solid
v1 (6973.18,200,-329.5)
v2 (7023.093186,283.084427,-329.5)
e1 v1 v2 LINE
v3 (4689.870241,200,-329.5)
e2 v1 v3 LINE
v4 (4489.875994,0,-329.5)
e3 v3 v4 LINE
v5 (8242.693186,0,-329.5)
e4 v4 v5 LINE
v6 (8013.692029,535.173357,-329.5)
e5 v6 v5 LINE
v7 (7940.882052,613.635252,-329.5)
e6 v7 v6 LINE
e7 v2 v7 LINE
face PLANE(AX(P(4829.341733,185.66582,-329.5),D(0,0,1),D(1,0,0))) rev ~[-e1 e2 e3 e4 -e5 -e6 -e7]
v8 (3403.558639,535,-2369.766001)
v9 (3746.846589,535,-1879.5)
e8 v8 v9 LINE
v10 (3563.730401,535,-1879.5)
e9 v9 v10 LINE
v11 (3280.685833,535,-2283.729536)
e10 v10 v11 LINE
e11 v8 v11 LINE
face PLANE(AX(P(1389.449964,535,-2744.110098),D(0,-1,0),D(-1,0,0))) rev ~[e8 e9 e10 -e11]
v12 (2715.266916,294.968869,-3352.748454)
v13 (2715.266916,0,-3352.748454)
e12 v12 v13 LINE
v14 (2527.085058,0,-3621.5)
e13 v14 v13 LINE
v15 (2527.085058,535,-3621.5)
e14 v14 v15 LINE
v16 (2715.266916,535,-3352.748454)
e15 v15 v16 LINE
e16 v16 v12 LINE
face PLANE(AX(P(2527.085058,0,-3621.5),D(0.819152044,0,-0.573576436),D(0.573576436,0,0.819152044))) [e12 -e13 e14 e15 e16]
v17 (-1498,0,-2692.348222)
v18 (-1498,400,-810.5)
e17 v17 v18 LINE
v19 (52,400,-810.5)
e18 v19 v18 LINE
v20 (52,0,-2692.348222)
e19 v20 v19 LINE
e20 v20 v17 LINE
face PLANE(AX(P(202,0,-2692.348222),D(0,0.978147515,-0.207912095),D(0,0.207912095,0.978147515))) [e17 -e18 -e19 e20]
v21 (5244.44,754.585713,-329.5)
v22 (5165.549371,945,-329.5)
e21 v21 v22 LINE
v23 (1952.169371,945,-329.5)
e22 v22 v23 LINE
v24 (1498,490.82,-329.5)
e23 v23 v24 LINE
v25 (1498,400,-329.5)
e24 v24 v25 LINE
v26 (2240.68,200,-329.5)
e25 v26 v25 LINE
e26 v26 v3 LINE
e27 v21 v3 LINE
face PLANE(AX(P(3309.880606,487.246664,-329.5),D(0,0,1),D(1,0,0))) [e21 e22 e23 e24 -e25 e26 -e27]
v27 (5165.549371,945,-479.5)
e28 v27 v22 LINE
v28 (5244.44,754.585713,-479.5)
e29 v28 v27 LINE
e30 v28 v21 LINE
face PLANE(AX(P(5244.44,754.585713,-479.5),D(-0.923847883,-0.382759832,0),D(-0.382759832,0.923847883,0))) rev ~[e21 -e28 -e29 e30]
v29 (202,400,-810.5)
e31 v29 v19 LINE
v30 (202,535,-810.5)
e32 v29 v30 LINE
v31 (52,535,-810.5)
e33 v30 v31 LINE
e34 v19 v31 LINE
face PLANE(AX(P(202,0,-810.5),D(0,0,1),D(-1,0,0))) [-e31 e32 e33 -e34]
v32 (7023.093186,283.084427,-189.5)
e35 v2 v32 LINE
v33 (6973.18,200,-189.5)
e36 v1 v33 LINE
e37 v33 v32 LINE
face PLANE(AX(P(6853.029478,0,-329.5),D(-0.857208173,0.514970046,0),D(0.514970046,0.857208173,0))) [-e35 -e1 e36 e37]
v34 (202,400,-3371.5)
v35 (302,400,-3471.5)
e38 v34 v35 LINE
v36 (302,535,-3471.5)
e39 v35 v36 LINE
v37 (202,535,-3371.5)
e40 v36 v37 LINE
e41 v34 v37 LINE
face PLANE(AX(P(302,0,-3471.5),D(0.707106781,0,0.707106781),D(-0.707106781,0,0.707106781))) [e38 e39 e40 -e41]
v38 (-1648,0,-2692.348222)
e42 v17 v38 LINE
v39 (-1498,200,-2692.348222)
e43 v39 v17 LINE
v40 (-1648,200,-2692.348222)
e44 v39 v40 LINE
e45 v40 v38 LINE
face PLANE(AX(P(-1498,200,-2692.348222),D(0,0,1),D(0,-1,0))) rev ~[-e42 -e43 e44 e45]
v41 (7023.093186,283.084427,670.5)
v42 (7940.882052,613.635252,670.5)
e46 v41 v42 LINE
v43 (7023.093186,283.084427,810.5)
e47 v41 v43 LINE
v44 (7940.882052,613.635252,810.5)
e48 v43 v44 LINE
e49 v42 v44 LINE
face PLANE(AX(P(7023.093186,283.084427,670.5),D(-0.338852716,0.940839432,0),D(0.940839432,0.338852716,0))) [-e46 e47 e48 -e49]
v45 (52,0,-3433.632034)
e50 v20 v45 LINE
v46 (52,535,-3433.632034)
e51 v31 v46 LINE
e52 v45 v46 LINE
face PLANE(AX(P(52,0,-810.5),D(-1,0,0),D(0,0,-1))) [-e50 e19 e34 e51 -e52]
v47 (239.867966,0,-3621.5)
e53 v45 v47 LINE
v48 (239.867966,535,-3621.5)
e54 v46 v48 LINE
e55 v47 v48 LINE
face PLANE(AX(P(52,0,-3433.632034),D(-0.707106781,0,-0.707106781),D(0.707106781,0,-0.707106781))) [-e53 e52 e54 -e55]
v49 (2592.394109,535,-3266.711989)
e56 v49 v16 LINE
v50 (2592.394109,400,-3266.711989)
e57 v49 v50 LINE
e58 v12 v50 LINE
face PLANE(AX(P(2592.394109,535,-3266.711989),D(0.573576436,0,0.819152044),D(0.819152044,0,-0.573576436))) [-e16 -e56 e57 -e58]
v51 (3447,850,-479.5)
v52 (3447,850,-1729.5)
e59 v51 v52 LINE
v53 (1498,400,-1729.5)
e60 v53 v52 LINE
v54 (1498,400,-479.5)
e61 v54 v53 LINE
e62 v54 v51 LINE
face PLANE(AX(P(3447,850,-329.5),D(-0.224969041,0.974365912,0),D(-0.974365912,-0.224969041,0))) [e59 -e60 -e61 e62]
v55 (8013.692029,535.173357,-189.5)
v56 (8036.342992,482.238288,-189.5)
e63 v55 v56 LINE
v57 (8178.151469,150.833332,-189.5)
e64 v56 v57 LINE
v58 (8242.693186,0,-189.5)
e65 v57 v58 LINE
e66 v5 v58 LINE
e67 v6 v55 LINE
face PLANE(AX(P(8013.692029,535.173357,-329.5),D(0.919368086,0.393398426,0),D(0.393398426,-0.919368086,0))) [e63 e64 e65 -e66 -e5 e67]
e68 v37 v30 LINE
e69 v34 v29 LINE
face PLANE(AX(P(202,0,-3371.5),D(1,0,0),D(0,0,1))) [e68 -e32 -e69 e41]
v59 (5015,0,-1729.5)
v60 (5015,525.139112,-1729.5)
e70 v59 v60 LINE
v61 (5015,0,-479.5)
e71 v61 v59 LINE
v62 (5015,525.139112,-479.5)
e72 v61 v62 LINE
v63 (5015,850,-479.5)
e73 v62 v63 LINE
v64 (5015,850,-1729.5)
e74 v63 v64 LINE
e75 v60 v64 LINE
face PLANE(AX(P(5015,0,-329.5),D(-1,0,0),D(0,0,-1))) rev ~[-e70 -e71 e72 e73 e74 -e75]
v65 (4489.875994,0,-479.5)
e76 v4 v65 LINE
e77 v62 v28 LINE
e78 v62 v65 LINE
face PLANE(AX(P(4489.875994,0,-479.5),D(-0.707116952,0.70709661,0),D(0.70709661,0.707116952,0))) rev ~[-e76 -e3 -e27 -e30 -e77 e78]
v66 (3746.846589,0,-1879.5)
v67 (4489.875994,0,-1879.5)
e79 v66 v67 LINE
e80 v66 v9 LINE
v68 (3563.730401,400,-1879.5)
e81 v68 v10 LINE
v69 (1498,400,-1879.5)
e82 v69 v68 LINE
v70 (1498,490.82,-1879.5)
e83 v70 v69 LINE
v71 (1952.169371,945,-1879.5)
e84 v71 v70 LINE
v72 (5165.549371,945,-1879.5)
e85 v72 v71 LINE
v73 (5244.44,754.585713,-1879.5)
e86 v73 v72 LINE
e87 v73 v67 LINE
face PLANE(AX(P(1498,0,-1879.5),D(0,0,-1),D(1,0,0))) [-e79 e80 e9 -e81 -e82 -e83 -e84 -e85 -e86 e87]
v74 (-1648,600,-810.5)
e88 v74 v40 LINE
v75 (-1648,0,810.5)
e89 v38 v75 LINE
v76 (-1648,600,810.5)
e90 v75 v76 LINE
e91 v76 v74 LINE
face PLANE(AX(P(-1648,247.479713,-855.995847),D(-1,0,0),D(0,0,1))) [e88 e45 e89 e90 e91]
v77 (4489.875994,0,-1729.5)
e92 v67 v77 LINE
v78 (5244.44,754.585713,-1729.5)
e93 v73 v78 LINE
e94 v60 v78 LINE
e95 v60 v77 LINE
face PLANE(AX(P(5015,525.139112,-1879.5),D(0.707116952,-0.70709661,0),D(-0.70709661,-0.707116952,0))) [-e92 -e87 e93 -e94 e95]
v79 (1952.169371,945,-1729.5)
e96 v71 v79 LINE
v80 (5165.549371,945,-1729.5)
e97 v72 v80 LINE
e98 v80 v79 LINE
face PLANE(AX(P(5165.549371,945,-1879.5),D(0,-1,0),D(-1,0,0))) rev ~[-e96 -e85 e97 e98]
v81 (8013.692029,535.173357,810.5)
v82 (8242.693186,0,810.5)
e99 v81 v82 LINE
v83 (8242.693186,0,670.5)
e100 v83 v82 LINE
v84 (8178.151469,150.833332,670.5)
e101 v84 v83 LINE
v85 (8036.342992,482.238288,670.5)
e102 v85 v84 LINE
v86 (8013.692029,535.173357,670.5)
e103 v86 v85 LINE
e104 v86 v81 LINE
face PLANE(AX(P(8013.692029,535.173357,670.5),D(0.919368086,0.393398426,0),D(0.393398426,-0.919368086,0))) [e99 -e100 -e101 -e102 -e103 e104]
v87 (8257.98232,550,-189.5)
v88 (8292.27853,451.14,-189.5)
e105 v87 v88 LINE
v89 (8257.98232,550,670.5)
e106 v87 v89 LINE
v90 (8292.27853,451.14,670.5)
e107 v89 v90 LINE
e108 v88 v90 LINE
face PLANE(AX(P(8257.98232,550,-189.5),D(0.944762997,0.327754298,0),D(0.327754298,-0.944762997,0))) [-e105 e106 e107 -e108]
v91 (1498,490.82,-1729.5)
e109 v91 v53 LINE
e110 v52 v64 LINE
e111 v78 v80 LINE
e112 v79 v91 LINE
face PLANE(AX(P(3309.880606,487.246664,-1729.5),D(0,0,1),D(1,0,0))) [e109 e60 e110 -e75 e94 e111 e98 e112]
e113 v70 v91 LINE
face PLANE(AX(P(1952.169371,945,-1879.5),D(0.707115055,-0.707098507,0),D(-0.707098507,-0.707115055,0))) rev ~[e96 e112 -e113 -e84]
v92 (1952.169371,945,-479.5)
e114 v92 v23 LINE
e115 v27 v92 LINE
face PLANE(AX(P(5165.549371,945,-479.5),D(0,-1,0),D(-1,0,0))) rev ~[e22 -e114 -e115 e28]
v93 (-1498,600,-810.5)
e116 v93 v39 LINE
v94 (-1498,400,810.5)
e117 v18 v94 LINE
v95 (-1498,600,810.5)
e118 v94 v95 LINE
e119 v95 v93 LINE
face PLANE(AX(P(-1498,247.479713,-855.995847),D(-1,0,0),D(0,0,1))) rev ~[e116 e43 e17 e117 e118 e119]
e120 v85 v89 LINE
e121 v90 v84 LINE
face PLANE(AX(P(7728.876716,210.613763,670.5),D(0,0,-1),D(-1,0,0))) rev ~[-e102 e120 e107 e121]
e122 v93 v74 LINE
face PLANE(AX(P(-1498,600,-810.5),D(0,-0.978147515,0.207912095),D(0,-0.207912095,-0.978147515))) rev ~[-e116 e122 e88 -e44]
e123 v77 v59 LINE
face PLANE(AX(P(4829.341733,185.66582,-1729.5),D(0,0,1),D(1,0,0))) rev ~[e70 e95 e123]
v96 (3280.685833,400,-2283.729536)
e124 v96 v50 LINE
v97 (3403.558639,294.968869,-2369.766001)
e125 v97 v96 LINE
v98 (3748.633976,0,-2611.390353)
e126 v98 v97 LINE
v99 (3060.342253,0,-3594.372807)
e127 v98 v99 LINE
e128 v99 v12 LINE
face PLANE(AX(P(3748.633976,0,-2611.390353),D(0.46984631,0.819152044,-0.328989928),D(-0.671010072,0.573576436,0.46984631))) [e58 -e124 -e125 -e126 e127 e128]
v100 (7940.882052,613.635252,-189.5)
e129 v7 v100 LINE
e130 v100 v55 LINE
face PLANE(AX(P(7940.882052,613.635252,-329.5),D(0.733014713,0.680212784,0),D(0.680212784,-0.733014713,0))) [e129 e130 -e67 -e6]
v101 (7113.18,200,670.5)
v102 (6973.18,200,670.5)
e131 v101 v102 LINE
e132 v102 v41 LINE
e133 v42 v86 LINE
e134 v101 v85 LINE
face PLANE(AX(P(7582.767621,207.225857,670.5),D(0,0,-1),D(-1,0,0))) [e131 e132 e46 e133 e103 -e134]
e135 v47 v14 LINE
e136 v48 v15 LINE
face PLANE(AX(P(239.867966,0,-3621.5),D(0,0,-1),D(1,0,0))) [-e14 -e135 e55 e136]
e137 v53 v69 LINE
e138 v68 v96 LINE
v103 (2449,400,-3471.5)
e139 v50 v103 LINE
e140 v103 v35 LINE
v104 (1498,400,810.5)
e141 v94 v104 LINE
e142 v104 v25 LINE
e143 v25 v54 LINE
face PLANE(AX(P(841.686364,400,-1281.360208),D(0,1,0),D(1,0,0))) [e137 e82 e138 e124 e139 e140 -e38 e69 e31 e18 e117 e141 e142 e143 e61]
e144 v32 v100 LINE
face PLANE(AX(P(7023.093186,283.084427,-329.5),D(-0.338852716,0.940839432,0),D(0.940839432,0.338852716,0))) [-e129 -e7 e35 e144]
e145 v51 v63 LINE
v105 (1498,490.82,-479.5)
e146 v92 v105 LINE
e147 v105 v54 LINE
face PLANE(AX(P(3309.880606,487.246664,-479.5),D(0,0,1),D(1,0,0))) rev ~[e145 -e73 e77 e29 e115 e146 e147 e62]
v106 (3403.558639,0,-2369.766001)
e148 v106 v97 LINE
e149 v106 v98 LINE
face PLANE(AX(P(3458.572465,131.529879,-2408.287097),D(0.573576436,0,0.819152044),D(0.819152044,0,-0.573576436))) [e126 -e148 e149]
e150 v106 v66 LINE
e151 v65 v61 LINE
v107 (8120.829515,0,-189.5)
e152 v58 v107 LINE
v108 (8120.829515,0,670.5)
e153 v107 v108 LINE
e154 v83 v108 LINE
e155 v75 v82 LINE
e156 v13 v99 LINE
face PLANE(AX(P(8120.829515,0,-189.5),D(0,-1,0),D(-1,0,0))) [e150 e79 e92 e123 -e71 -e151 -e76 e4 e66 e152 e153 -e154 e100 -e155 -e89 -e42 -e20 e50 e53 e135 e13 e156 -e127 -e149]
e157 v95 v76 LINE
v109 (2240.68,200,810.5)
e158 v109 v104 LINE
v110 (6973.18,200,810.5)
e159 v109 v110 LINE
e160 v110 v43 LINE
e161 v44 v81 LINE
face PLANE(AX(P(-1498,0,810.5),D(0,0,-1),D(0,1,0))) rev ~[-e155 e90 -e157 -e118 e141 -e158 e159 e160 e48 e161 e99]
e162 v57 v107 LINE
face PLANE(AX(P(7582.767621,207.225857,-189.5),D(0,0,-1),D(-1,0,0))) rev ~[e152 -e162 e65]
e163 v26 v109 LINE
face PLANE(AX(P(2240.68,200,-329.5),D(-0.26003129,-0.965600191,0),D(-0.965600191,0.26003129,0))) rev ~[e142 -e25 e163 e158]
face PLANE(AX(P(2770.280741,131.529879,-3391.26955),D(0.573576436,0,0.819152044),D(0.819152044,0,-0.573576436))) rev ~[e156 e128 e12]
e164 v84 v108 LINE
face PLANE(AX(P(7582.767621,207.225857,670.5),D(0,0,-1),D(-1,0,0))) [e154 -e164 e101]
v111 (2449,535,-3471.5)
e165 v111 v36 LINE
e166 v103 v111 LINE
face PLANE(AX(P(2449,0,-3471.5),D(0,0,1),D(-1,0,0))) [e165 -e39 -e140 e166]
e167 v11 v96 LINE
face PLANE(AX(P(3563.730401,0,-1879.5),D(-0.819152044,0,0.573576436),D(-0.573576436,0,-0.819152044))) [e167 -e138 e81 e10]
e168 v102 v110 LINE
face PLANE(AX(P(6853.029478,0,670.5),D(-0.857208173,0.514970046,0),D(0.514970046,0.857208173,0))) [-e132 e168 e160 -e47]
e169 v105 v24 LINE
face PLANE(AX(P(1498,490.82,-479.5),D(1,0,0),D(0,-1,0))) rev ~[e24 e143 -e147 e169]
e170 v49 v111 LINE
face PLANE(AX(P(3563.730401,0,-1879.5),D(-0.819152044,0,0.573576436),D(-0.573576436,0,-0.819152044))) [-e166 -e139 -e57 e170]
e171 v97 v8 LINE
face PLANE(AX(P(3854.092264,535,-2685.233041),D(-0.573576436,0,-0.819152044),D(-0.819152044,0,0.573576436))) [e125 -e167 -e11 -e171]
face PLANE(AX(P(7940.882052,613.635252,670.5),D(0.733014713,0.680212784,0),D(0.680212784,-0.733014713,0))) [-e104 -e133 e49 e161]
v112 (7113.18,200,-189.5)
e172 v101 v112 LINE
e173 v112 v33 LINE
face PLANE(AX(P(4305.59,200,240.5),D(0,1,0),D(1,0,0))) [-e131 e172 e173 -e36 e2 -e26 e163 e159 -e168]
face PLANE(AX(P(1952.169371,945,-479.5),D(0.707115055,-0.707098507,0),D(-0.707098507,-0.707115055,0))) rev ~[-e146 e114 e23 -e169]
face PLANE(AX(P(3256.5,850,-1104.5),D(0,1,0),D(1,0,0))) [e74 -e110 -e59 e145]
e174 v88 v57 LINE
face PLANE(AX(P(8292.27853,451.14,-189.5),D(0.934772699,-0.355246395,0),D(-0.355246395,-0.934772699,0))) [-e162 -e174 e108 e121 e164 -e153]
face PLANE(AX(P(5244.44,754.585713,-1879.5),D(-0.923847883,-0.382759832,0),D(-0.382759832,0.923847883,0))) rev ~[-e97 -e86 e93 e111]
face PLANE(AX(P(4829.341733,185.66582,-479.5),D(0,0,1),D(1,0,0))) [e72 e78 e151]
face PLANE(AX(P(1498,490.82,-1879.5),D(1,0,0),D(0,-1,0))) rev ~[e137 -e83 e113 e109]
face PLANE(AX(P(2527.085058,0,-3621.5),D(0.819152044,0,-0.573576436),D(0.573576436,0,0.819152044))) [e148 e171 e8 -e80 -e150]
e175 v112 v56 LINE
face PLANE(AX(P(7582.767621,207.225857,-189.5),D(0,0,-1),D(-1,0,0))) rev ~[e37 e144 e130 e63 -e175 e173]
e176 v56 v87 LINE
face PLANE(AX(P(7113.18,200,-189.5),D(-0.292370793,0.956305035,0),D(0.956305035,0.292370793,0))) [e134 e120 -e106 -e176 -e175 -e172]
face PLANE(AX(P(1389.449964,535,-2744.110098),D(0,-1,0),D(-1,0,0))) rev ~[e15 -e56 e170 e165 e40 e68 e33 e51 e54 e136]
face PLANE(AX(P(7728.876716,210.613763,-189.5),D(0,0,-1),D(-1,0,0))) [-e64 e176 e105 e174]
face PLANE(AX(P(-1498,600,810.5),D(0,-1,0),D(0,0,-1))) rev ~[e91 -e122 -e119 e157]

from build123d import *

# Parameters (mm, degrees)
EXTRUDE_2_DEPTH      = 400
EXTRUDE_21_DEPTH     = 1700
SKETCH_8_W           = 3517
SKETCH_8_H           = 1550
EXTRUDE_3_DEPTH      = 850
CUT_EXTRUDE_1_DEPTH  = 5979.702952982
SKETCH_10_W          = 5615.18
SKETCH_10_H          = 1140
EXTRUDE_4_DEPTH      = 200
EXTRUDE_5_DEPTH      = 1140
EXTRUDE_6_DEPTH      = 140
EXTRUDE_10_DEPTH     = 150
EXTRUDE_11_DEPTH     = 535
CUT_EXTRUDE_START    = -1550
CUT_EXTRUDE_8_DEPTH  = 150
EXTRUDE_12_DEPTH     = 150
EXTRUDE_START        = -1400
EXTRUDE_13_DEPTH     = 150
CUT_EXTRUDE_9_DEPTH  = 150
CUT_EXTRUDE_10_DEPTH = 150
CUT_EXTRUDE_11_DEPTH = 9020.061936414
EXTRUDE_14_DEPTH     = 1200
EXTRUDE_18_DEPTH     = 860
EXTRUDE_START_2      = -1000
EXTRUDE_20_DEPTH     = 140


with BuildPart() as part:
    # 草图1 → 凸台-拉伸2 (new body)
    with BuildSketch(Plane(origin=(0, 0, 0), x_dir=(1, 0, 0), z_dir=(0, 1, 0))):
        Polygon((-1498, -810.5), (1498, -810.5), (1498, 1879.5), (3563.73040083, 1879.5), (2449, 3471.5), (202, 3471.5), (202, 810.5), (-1498, 810.5), align=None)
    extrude(amount=EXTRUDE_2_DEPTH)

    # 草图2 → 凸台-拉伸21 (add)
    with BuildSketch(Plane.ZY.offset(-202)):
        Polygon((-810.5, 0), (-2692.348222387, 0), (-810.5, 400), align=None)
    extrude(amount=EXTRUDE_21_DEPTH)

    # 草图8 → 凸台-拉伸3 (add)
    with BuildSketch(Plane(origin=(0, 0, 0), x_dir=(1, 0, 0), z_dir=(0, 1, 0))):
        with Locations((3256.5, 1104.5)):
            Rectangle(SKETCH_8_W, SKETCH_8_H)
    extrude(amount=EXTRUDE_3_DEPTH)

    # 草图9 → 切除-拉伸1 (cut, through all)
    with BuildSketch(Plane.XY.offset(-329.5)):
        Polygon((3447, 850), (1498, 400), (1498, 850), align=None)
    extrude(amount=-CUT_EXTRUDE_1_DEPTH, mode=Mode.SUBTRACT)

    # 草图10 → 凸台-拉伸4 (add)
    with BuildSketch(Plane(origin=(0, 0, 0), x_dir=(1, 0, 0), z_dir=(0, 1, 0))):
        with Locations((4305.59, -240.5)):
            Rectangle(SKETCH_10_W, SKETCH_10_H)
    extrude(amount=EXTRUDE_4_DEPTH)

    # 草图11 → 凸台-拉伸5 (add)
    with BuildSketch(Plane.XY.offset(-329.5)):
        Polygon((1498, 400), (1498, 200), (2240.68, 200), align=None)
    extrude(amount=EXTRUDE_5_DEPTH)

    # 草图13<4> → 凸台-拉伸6 (add)
    with BuildSketch(Plane(origin=(0, 0, -329.5), x_dir=(-1, 0, 0), z_dir=(0, 0, -1))):
        Polygon((-6853.029478436, 0), (-7023.093186264, 283.084427124), (-7940.882052173, 613.635251678), (-8013.69202852, 535.173356822), (-8242.693186264, 0), align=None)
    extrude(amount=-EXTRUDE_6_DEPTH)

    # 草图16 → 凸台-拉伸10 (add)
    with BuildSketch(Plane.ZY.offset(1498)):
        Polygon((-810.5, 600), (-2692.348222387, 200), (-2692.348222387, 0), (810.5, 0), (810.5, 600), align=None)
    extrude(amount=EXTRUDE_10_DEPTH)

    # 草图17 → 凸台-拉伸11 (add)
    with BuildSketch(Plane(origin=(0, 0, 0), x_dir=(1, 0, 0), z_dir=(0, 1, 0))):
        Polygon((202, 810.5), (52, 810.5), (52, 3433.632034356), (239.867965644, 3621.5), (2527.085057583, 3621.5), (3746.846589144, 1879.5), (3563.73040083, 1879.5), (2449, 3471.5), (302, 3471.5), (202, 3371.5), align=None)
    extrude(amount=EXTRUDE_11_DEPTH)

    # 草图18<2> → 切除-拉伸8 (cut)
    with BuildSketch(Plane(origin=(0, 0, -1879.5), x_dir=(-1, 0, 0), z_dir=(0, 0, -1)).offset(CUT_EXTRUDE_START)):
        Polygon((-4489.875994157, 0), (-5244.44, 754.585712816), (-5165.54937105, 945), (-1952.16937105, 945), (-1498, 490.82), (-1498, 0), align=None)
    extrude(amount=CUT_EXTRUDE_8_DEPTH, mode=Mode.SUBTRACT)

    # 草图18<3> → 凸台-拉伸12 (add)
    with BuildSketch(Plane(origin=(0, 0, -1879.5), x_dir=(-1, 0, 0), z_dir=(0, 0, -1))):
        Polygon((-4489.875994157, 0), (-5244.44, 754.585712816), (-5165.54937105, 945), (-1952.16937105, 945), (-1498, 490.82), (-1498, 0), align=None)
    extrude(amount=-EXTRUDE_12_DEPTH)

    # 草图18 → 凸台-拉伸13 (add)
    with BuildSketch(Plane(origin=(0, 0, -1879.5), x_dir=(-1, 0, 0), z_dir=(0, 0, -1)).offset(EXTRUDE_START)):
        Polygon((-4489.875994157, 0), (-5244.44, 754.585712816), (-5165.54937105, 945), (-1952.16937105, 945), (-1498, 490.82), (-1498, 0), align=None)
    extrude(amount=-EXTRUDE_13_DEPTH)

    # 草图19 → 切除-拉伸9 (cut)
    with BuildSketch(Plane(origin=(0, 0, -1879.5), x_dir=(-1, 0, 0), z_dir=(0, 0, -1))):
        Polygon((-5015, 525.139112385), (-4489.875994157, 0), (-5015, 0), align=None)
    extrude(amount=-CUT_EXTRUDE_9_DEPTH, mode=Mode.SUBTRACT)

    # 草图19<2> → 切除-拉伸10 (cut)
    with BuildSketch(Plane(origin=(0, 0, -1879.5), x_dir=(-1, 0, 0), z_dir=(0, 0, -1)).offset(CUT_EXTRUDE_START)):
        Polygon((-5015, 525.139112385), (-4489.875994157, 0), (-5015, 0), align=None)
    extrude(amount=CUT_EXTRUDE_10_DEPTH, mode=Mode.SUBTRACT)

    # 草图20 → 切除-拉伸11 (cut, through all)
    with BuildSketch(Plane(origin=(0, 535, 0), x_dir=(1, 0, 0), z_dir=(0, 1, 0))):
        Polygon((2592.394109088, 3266.711988928), (3165.80054009, 3668.215494373), (3854.092263711, 2685.233041227), (3280.685832709, 2283.729535781), align=None)
    extrude(amount=-CUT_EXTRUDE_11_DEPTH, mode=Mode.SUBTRACT)

    # 草图21 → 凸台-拉伸14 (add)
    with BuildSketch(Plane(origin=(6.310700678, 0, 9.012614594), x_dir=(-0.8191520442889888, 0, 0.5735764363510504), z_dir=(-0.5735764363510504, 0, -0.8191520442889888))):
        Polygon((-3997.273955256, 400), (-3997.273955256, 0), (-4568.533157953, 0), align=None)
    extrude(amount=EXTRUDE_14_DEPTH)

    # 草图15 → 凸台-拉伸18 (add)
    with BuildSketch(Plane.XY.offset(-189.5)):
        Polygon((7113.18, 0), (7113.18, 200), (8257.982320097, 550), (8292.2785298, 451.14), (8120.829514638, 0), align=None)
    extrude(amount=EXTRUDE_18_DEPTH)

    # 草图13 → 凸台-拉伸20 (add)
    with BuildSketch(Plane(origin=(0, 0, -329.5), x_dir=(-1, 0, 0), z_dir=(0, 0, -1)).offset(EXTRUDE_START_2)):
        Polygon((-6853.029478436, 0), (-7023.093186264, 283.084427124), (-7940.882052173, 613.635251678), (-8013.69202852, 535.173356822), (-8242.693186264, 0), align=None)
    extrude(amount=-EXTRUDE_20_DEPTH)


solid = part.part
